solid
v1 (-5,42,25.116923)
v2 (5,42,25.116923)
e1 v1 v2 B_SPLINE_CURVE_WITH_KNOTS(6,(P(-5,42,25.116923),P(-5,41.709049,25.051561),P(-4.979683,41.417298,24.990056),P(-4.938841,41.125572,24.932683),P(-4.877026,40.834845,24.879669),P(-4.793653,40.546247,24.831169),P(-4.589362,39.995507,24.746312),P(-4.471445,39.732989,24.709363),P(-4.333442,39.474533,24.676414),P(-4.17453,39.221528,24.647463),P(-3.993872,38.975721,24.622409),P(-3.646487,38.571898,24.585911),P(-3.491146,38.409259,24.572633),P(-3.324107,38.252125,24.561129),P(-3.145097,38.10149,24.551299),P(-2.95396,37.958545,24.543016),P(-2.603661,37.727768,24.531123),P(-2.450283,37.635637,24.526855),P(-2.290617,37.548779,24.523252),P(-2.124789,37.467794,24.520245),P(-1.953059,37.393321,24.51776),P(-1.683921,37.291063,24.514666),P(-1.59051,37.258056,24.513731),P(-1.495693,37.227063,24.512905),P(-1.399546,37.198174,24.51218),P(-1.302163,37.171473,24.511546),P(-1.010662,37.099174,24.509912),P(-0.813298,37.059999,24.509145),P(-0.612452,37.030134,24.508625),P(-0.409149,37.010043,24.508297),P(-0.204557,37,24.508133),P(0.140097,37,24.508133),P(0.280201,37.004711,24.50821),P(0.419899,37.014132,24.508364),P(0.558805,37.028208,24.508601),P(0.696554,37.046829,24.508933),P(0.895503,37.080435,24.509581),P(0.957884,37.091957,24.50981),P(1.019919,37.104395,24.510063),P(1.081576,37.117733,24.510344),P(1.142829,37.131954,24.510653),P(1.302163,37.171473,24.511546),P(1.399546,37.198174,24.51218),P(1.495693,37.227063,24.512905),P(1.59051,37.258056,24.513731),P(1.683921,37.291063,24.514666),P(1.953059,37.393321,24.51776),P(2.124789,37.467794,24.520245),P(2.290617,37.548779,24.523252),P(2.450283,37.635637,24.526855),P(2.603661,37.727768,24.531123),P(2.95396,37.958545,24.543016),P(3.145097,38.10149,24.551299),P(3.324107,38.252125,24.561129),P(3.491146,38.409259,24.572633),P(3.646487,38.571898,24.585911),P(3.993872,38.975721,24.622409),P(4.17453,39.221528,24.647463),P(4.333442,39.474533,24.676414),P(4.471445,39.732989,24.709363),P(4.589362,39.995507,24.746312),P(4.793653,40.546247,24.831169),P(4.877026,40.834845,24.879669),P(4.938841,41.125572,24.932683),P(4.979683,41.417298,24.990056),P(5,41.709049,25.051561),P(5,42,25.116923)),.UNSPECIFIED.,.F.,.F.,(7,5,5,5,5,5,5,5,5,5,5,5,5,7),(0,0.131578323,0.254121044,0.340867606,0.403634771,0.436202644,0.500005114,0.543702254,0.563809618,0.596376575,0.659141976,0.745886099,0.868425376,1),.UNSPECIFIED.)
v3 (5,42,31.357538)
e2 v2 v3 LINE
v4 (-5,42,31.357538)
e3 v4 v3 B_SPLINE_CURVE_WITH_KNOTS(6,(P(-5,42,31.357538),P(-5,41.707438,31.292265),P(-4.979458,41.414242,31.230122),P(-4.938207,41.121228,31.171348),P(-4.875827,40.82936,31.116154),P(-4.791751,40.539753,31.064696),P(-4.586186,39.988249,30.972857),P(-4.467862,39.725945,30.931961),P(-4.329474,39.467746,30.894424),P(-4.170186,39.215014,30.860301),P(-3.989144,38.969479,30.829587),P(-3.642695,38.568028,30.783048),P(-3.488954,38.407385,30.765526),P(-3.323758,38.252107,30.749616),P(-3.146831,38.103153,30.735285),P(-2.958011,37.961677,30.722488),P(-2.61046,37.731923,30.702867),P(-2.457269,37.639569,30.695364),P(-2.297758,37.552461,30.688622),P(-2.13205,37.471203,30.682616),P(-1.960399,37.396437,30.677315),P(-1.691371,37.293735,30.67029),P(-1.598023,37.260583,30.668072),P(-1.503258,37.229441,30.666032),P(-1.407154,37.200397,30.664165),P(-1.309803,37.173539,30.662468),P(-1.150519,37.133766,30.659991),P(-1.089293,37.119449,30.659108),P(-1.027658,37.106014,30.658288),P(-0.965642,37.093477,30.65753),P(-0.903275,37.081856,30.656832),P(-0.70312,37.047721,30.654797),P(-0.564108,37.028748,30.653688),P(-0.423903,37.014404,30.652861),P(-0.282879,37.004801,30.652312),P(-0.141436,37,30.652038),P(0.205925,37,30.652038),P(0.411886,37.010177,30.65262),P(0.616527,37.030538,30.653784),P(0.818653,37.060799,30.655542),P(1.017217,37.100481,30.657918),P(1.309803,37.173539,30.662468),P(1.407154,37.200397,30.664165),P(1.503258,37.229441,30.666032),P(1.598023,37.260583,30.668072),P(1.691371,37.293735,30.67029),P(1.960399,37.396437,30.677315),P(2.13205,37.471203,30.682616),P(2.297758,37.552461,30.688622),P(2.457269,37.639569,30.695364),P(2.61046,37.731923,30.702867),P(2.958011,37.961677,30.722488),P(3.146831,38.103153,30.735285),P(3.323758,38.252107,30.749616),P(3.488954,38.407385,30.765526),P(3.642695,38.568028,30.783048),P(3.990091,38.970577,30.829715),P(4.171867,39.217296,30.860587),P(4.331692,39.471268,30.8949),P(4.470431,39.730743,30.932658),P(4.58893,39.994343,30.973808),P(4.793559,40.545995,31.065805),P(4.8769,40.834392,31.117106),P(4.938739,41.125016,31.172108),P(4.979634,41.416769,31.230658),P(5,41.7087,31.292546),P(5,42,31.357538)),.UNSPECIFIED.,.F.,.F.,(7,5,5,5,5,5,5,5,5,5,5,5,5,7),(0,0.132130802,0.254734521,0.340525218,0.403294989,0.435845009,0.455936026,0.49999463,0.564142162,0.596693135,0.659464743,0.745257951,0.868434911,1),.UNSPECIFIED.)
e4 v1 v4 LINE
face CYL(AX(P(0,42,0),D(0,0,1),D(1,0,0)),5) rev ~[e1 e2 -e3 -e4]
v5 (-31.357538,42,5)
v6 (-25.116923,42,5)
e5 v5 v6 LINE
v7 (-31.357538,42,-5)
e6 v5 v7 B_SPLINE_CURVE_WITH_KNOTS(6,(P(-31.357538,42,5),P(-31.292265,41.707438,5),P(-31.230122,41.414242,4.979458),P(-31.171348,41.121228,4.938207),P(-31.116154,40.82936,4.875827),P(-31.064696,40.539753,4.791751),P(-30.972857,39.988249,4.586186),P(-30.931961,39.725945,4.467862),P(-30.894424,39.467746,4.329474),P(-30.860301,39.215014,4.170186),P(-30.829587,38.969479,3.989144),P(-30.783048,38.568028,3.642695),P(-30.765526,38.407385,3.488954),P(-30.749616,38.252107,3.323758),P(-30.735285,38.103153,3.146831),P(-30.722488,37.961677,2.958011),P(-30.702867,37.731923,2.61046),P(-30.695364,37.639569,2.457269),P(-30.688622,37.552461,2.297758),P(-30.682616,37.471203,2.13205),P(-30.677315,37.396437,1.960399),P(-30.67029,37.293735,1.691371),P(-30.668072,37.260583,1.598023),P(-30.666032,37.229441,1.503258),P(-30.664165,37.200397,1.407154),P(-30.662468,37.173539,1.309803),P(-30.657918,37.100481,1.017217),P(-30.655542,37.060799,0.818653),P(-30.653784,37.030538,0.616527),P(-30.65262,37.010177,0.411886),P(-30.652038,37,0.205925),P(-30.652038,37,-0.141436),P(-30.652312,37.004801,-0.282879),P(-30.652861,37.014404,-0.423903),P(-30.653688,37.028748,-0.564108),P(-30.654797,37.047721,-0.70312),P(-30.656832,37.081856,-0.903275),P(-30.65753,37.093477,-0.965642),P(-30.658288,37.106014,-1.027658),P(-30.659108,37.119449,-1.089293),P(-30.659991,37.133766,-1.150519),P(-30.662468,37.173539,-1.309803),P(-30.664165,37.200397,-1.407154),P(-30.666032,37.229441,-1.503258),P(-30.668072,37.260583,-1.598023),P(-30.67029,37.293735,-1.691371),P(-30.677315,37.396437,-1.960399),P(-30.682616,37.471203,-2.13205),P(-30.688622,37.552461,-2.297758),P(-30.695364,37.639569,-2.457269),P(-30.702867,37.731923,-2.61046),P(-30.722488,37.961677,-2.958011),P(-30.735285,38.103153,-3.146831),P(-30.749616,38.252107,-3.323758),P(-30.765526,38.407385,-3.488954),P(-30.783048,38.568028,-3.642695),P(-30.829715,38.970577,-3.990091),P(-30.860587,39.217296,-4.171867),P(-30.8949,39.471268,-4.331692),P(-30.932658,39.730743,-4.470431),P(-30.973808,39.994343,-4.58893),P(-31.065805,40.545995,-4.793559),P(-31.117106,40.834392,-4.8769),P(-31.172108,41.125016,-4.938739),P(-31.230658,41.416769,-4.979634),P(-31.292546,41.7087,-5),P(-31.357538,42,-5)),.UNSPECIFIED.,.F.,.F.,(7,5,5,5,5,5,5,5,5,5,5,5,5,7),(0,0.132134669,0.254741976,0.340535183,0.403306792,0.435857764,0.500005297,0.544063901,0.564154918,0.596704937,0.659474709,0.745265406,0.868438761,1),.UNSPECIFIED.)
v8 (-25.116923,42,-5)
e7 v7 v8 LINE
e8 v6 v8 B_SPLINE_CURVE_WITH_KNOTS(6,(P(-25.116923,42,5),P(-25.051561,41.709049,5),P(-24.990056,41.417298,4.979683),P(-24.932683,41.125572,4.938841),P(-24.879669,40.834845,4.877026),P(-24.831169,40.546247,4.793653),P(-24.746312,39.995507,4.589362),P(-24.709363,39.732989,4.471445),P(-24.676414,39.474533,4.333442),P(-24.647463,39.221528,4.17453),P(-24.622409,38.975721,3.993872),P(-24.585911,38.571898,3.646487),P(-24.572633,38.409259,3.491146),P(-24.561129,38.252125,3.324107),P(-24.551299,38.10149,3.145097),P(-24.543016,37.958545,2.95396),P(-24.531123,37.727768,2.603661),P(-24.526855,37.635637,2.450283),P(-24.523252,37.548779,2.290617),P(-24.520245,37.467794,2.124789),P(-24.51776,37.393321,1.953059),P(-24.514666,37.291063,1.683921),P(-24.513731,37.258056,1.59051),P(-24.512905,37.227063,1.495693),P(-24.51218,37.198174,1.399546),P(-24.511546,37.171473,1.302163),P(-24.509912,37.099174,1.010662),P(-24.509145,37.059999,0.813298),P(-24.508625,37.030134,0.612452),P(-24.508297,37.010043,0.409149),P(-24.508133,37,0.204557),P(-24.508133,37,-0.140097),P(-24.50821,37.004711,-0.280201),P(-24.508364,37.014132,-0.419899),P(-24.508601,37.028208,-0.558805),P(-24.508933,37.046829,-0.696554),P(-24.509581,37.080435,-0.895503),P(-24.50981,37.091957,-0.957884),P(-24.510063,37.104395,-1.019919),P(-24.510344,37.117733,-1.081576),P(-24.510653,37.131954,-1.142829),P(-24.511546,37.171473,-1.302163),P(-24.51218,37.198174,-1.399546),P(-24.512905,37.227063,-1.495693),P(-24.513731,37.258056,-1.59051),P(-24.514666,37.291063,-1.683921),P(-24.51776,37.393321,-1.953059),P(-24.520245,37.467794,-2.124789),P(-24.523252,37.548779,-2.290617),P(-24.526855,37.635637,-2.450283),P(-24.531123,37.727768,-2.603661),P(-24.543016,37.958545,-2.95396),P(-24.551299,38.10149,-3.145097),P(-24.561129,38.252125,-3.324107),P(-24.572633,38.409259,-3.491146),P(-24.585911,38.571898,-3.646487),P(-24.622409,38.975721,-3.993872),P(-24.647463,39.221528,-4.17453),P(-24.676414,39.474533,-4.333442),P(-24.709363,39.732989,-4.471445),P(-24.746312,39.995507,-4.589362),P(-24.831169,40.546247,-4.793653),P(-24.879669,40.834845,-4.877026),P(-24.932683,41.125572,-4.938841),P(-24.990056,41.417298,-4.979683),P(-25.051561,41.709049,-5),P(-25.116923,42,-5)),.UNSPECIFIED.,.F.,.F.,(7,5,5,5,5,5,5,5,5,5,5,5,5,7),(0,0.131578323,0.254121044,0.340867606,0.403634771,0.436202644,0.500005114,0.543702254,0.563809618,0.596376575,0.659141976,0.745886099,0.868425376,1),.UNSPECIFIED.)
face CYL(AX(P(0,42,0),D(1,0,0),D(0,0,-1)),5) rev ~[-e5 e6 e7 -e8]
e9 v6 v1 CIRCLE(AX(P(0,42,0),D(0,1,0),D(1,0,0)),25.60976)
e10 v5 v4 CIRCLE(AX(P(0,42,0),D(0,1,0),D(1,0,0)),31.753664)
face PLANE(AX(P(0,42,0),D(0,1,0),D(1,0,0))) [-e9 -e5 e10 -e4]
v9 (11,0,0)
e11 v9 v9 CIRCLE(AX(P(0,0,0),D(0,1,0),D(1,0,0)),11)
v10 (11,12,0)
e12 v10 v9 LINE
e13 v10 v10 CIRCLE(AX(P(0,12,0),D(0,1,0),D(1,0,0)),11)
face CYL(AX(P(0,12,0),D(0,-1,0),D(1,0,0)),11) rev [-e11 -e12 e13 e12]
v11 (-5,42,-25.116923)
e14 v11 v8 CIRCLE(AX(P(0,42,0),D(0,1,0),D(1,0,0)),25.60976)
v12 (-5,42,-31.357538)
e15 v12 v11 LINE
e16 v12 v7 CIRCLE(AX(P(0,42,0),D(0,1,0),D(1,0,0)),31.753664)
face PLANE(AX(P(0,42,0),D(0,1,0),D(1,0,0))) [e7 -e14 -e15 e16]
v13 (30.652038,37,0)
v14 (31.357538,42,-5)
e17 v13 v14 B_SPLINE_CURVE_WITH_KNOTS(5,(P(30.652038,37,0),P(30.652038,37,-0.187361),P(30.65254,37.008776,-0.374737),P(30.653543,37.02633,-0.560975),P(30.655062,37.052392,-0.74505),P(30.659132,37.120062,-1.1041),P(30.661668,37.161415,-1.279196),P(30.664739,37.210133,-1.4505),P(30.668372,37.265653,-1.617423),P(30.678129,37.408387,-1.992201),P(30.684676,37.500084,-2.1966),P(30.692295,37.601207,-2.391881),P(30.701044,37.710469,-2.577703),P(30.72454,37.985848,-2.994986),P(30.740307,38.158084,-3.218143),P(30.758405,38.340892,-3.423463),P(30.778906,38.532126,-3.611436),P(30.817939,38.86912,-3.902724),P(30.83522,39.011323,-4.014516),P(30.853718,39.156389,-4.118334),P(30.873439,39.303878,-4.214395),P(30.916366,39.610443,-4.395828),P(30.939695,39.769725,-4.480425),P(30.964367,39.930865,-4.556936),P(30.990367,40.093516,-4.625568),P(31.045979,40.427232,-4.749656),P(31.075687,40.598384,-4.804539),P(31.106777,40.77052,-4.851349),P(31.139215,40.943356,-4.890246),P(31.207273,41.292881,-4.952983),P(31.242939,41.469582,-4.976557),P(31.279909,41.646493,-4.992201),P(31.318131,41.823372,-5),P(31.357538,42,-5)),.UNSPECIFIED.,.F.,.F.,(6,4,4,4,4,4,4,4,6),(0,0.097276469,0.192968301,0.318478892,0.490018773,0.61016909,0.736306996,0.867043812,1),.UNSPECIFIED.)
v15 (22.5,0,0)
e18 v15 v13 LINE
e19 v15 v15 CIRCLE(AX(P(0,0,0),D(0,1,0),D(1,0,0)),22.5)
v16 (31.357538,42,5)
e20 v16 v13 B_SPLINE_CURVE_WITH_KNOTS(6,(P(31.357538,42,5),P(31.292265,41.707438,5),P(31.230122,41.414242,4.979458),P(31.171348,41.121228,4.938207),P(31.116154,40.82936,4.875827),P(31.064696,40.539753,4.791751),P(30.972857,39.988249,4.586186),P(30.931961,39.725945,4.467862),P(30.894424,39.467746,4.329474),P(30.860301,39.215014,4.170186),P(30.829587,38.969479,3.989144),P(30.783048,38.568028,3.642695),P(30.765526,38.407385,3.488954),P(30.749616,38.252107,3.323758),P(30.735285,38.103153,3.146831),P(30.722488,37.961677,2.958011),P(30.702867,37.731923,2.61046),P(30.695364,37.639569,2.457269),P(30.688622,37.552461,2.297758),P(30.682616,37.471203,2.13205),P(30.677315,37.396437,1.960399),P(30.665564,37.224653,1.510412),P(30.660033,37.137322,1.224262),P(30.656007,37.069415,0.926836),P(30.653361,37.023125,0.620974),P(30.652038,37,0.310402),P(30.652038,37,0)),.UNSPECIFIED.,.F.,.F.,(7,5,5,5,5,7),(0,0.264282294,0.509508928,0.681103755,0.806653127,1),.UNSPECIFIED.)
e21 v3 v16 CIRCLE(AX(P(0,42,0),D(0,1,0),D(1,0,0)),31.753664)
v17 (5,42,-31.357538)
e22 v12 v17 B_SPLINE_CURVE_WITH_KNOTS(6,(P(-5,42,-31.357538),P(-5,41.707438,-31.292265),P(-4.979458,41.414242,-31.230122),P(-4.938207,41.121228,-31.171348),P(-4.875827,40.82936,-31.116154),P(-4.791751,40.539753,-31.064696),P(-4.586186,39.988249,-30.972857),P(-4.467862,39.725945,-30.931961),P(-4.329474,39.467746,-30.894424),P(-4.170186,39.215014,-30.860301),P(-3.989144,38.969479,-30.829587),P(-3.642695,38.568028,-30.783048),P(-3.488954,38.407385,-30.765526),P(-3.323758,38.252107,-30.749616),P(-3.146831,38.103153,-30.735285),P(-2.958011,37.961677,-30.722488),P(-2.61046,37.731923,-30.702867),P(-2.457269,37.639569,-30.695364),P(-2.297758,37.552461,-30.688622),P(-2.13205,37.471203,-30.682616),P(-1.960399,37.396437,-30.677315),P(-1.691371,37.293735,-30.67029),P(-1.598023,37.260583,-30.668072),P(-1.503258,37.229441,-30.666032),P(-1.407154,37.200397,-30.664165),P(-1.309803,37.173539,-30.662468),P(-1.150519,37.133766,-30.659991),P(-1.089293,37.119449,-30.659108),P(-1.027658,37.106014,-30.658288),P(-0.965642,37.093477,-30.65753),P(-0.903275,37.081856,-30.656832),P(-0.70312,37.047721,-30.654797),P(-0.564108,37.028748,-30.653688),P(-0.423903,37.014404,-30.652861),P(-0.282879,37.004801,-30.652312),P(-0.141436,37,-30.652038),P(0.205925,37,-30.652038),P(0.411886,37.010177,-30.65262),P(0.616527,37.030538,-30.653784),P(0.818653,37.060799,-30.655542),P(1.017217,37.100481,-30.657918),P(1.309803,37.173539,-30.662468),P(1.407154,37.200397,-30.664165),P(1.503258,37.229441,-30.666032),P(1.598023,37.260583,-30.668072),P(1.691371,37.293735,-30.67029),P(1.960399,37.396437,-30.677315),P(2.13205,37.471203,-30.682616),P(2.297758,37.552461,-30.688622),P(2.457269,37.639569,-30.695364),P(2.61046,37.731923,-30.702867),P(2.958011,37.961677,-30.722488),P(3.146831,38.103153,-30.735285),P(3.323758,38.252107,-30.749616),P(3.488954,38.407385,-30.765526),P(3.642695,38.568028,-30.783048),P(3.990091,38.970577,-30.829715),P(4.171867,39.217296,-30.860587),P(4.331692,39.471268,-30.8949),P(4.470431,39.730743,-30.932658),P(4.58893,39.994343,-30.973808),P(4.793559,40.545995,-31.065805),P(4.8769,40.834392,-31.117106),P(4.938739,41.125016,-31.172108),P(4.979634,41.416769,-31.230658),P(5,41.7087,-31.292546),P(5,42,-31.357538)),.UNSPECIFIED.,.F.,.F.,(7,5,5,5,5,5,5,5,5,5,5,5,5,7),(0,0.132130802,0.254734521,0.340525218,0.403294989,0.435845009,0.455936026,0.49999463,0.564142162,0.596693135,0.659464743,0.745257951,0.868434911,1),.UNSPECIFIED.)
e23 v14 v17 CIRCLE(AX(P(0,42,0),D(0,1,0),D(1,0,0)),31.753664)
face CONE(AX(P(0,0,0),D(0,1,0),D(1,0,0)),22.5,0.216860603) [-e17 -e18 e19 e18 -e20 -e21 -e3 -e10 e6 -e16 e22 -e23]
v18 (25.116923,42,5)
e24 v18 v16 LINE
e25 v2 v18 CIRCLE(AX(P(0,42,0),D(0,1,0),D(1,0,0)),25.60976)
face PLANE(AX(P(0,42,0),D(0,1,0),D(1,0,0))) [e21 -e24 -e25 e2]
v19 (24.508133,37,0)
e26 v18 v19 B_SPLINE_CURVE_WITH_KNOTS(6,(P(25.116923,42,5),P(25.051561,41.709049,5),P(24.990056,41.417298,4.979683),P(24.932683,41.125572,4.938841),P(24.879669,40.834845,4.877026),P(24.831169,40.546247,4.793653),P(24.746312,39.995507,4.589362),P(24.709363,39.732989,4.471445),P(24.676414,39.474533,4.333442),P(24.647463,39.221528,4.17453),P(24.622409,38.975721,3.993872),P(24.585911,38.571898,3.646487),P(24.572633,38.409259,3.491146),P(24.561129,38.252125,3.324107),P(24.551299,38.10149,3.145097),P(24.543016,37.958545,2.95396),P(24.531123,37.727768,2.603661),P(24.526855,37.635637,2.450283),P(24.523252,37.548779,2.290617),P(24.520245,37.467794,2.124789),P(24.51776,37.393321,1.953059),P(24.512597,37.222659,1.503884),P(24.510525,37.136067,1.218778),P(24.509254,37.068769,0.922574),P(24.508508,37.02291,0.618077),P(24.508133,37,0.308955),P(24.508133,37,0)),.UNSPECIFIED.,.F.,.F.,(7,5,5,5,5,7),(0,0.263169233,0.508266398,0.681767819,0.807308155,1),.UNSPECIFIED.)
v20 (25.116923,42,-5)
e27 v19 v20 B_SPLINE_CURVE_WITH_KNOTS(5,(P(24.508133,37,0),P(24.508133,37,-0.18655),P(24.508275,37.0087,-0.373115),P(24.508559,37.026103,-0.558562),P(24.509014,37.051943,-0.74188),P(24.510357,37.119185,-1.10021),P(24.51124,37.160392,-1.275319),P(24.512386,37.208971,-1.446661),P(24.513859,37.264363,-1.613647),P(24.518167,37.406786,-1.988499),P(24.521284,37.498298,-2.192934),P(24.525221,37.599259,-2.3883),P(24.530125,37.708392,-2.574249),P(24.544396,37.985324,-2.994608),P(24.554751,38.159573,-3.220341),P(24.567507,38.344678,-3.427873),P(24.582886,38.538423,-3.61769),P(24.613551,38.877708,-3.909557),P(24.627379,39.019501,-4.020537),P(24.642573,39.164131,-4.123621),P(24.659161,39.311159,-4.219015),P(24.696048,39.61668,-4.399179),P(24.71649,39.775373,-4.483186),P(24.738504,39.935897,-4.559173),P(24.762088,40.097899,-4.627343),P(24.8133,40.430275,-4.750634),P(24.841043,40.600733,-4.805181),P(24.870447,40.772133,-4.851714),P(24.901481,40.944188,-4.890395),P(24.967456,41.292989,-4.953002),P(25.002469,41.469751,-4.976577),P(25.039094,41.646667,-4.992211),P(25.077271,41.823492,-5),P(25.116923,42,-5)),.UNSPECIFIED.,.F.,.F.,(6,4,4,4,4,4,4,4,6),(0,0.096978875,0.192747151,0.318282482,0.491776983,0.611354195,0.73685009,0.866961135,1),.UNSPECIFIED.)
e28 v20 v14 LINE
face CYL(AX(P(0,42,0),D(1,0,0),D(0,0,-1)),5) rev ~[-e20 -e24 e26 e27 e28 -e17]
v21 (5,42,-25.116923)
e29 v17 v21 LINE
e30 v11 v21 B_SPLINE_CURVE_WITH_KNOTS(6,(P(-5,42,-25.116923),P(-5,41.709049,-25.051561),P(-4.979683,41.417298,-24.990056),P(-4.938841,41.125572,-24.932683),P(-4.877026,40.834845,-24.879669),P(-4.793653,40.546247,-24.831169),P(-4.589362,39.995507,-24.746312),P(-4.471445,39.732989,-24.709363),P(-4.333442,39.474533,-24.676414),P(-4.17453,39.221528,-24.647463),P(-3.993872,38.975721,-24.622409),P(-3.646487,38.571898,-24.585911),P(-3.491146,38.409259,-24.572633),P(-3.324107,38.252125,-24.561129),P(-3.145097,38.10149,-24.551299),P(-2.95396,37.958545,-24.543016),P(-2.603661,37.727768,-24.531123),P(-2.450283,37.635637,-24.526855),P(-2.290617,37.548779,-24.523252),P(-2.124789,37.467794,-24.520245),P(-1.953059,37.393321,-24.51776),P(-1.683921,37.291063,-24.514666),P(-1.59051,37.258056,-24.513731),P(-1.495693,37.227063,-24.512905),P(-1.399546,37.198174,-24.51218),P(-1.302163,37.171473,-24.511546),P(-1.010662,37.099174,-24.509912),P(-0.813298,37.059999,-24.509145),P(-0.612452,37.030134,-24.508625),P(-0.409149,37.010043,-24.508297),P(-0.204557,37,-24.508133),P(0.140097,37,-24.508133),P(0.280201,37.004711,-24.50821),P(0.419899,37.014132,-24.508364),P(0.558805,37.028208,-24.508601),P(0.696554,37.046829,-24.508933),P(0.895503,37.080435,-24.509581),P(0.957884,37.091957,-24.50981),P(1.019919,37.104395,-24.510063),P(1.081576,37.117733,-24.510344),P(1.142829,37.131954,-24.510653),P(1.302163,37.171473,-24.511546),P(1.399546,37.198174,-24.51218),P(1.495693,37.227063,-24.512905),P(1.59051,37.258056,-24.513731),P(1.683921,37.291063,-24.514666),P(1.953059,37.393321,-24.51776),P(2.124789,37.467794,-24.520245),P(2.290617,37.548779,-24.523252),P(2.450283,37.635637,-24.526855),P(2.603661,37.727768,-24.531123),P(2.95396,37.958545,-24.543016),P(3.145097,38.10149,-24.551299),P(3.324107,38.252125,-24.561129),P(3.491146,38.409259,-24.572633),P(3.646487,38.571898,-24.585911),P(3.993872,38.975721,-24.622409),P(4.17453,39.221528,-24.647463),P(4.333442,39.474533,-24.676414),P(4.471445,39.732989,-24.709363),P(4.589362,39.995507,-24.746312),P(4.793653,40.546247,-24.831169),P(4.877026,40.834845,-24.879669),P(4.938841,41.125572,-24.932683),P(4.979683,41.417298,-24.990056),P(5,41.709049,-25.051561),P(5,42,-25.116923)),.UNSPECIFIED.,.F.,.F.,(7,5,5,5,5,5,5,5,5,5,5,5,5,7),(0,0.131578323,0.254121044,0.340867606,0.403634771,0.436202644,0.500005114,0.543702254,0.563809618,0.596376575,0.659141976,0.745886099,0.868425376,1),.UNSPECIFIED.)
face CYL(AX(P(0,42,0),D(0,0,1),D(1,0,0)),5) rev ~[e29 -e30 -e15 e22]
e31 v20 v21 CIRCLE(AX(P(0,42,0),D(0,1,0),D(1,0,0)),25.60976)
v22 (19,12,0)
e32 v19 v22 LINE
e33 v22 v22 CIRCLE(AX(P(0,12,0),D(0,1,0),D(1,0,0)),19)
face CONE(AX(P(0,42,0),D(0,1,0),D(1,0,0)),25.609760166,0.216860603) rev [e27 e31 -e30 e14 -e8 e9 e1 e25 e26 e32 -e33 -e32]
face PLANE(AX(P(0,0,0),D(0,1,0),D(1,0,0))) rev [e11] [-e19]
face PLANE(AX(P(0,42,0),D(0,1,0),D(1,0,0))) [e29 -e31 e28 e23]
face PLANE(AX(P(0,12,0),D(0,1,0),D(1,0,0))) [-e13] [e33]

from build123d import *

# Parameters (mm, degrees)
SKETCH2_R          = 5
CUT_EXTRUDE1_DEPTH = 35.5
CIRPATTERN1_COUNT  = 4


with BuildPart() as part:
    # Sketch1 → Revolve1 (revolve)
    with BuildSketch(Plane.XY):
        Polygon((11.880841121, 0), (22.5, 0), (31.753664233, 42), (25.609760166, 42), (19, 12), (11, 12), (11, 0), align=None)
    revolve(axis=Axis((0, 0, 0), (0, 1, 0)))

    # Sketch2 → Cut-Extrude1 (cut, symmetric)
    with BuildSketch(Plane.XY):
        with Locations((0, 42)):
            Circle(SKETCH2_R)
    cut_extrude1 = extrude(amount=CUT_EXTRUDE1_DEPTH, both=True, mode=Mode.SUBTRACT)

    # CirPattern1: Cut-Extrude1 ×4 about axis
    cirpattern1_axis = Axis((0, 0, 0), (0, 1, 0))
    for i in range(1, CIRPATTERN1_COUNT):
        add(cut_extrude1.rotate(cirpattern1_axis, i * 360 / CIRPATTERN1_COUNT), mode=Mode.SUBTRACT)


solid = part.part
